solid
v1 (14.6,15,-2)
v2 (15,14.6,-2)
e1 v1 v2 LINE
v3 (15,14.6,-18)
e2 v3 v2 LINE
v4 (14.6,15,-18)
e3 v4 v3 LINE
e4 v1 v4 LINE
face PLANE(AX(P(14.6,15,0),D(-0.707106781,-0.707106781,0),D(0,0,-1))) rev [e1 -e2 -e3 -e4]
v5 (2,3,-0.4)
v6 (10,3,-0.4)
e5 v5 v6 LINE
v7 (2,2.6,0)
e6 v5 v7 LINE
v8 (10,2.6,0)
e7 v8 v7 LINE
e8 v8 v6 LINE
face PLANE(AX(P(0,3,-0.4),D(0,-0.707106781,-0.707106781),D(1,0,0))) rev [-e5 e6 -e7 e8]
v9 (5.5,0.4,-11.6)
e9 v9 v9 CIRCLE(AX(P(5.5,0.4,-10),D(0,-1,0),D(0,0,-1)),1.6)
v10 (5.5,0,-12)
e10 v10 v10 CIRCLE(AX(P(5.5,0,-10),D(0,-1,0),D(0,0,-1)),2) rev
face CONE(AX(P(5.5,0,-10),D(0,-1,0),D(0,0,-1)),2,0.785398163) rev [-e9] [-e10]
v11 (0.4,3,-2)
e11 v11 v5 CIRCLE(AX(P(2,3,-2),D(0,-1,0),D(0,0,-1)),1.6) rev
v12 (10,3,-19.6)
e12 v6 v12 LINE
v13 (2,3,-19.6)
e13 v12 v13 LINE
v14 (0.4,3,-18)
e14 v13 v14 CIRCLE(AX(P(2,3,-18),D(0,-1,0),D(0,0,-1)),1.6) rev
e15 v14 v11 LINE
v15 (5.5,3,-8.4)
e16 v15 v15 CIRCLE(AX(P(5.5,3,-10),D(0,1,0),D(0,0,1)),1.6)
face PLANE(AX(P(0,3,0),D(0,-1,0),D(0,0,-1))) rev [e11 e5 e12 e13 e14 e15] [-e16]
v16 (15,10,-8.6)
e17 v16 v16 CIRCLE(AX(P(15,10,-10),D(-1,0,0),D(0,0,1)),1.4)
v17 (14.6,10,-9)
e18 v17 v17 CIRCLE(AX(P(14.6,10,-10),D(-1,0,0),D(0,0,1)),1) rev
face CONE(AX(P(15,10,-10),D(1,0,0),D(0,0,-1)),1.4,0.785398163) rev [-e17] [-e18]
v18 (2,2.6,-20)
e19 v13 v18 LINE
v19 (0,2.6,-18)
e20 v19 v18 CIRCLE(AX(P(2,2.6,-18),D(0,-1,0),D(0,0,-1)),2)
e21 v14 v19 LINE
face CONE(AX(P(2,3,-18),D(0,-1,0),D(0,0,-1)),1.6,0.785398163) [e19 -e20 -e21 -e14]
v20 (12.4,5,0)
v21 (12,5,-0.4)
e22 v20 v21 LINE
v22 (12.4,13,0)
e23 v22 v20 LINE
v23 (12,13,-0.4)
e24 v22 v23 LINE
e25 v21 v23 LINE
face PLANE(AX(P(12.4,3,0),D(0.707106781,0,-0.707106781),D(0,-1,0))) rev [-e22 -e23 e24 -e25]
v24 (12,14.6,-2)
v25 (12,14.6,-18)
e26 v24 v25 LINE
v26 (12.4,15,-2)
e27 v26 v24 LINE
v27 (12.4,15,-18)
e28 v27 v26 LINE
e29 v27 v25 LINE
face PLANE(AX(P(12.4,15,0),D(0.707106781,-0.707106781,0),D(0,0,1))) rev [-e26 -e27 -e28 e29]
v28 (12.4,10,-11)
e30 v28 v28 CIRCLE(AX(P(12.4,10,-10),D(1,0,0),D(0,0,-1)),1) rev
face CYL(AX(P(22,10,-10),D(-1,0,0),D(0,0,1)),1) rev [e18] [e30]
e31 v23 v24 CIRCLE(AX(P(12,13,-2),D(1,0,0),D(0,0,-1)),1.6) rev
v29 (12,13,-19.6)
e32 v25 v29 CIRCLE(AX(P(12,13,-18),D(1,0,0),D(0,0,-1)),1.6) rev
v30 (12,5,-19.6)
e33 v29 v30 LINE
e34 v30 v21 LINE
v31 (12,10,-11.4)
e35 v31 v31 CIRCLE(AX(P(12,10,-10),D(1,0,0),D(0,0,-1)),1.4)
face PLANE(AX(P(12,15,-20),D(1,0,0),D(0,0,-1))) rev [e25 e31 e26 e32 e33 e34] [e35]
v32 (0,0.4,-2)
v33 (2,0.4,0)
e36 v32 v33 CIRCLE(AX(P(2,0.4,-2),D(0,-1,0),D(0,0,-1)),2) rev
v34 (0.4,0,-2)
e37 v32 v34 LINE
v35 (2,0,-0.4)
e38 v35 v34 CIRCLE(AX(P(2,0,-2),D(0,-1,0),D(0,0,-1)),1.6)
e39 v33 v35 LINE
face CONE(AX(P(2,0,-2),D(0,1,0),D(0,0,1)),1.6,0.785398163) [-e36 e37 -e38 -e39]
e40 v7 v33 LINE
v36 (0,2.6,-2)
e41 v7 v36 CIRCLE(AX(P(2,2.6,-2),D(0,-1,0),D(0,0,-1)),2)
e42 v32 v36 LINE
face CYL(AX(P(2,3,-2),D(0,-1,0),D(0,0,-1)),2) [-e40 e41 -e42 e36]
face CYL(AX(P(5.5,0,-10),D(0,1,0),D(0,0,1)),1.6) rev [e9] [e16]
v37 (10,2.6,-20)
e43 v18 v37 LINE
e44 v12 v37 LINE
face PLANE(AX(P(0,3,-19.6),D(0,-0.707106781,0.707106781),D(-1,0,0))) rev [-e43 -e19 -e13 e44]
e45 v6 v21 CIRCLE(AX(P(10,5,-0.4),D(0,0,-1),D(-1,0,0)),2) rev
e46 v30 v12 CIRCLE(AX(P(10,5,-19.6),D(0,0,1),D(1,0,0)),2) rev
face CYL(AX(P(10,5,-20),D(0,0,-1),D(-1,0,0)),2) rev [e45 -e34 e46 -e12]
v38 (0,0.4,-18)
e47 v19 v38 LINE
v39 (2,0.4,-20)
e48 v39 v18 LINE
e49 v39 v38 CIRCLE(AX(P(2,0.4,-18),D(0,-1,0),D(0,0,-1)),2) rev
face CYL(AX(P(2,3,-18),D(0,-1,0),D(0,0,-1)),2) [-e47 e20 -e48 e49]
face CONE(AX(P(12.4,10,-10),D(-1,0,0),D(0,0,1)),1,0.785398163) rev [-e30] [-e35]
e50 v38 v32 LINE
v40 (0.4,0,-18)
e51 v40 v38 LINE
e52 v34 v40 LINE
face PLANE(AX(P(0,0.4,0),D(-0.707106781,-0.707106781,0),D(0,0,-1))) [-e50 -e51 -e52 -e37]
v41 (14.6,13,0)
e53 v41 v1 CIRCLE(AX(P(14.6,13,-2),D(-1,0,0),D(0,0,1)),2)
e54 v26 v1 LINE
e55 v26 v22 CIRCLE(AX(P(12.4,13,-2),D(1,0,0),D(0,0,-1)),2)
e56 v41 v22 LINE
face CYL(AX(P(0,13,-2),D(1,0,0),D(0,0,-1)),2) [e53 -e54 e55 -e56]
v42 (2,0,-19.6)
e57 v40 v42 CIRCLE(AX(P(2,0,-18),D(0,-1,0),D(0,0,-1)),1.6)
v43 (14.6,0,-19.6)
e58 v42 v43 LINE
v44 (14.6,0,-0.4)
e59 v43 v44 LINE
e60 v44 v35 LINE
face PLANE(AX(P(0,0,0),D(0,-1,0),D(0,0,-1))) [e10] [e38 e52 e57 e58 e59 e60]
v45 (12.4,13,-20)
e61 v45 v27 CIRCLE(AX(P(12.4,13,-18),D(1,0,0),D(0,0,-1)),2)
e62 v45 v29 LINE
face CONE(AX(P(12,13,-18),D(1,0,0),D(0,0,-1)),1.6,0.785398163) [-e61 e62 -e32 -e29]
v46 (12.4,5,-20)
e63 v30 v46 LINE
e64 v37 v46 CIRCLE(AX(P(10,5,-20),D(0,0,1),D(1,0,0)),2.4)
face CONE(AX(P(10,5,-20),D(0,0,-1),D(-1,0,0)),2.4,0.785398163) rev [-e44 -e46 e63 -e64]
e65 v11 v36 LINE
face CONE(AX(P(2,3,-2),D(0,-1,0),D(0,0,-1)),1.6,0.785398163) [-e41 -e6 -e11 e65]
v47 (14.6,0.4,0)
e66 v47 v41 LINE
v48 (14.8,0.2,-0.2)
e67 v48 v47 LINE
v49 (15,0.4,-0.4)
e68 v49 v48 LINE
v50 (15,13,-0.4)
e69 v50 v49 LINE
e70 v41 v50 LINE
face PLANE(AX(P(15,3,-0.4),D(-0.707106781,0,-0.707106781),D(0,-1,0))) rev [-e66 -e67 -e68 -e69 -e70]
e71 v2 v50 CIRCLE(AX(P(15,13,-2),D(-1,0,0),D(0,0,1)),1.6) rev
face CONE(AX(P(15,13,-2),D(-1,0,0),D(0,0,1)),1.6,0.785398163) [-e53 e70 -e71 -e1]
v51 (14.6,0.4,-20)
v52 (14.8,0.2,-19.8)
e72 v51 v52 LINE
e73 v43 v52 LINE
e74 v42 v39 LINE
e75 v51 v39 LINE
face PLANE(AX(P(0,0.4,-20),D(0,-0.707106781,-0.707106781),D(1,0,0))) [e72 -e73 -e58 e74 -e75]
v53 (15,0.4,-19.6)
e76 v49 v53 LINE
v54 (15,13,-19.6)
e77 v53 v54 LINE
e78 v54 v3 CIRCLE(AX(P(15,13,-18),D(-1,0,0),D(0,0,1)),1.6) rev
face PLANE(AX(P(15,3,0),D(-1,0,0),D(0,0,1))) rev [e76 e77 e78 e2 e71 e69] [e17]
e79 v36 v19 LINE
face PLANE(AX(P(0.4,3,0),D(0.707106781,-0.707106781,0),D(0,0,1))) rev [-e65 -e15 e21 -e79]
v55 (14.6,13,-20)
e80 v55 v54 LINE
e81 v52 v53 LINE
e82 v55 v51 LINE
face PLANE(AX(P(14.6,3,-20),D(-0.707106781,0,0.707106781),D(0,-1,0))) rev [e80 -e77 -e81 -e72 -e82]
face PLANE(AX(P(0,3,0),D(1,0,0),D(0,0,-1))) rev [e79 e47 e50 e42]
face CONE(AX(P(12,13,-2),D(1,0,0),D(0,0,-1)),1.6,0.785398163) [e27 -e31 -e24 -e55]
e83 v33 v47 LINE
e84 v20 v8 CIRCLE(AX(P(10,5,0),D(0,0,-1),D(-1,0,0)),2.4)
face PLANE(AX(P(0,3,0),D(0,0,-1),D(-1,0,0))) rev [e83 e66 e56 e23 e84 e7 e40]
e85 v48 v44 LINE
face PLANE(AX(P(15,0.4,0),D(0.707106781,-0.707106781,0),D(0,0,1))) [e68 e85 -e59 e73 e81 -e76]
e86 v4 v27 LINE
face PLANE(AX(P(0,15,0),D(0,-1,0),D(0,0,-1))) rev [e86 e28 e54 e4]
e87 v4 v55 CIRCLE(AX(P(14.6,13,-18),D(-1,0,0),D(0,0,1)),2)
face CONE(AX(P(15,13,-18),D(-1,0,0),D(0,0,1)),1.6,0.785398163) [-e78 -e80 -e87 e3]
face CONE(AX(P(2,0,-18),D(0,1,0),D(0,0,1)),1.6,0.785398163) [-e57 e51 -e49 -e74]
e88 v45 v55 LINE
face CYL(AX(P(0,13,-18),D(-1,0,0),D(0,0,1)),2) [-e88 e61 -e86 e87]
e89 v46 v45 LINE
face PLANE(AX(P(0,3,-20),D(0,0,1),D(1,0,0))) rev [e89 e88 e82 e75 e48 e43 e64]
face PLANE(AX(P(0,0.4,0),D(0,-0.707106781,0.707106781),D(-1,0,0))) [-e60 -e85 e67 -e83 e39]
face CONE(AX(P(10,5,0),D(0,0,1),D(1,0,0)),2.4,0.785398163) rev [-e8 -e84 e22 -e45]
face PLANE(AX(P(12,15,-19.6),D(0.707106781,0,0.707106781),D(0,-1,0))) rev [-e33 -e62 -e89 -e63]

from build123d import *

# Parameters (mm, degrees)
SKETCH_1_W          = 15
SKETCH_1_H          = 20
EXTRUDE_1_DEPTH     = 3
SKETCH_2_R          = 1.6
CUT_EXTRUDE_1_DEPTH = 3
SKETCH_3_W          = 3
SKETCH_3_H          = 20
EXTRUDE_2_DEPTH     = 12
FILLET_1_R          = 2
SKETCH_4_R          = 1
CUT_EXTRUDE_2_DEPTH = 10
FILLET_2_R          = 2
CHAMFER_1_SIZE      = 0.4
CHAMFER_2_SIZE      = 0.4
CHAMFER_3_SIZE      = 0.4


with BuildPart() as part:
    # 草图1 → 凸台-拉伸1 (new body)
    with BuildSketch(Plane(origin=(0, 0, 0), x_dir=(1, 0, 0), z_dir=(0, 1, 0))):
        with Locations((7.5, 10)):
            Rectangle(SKETCH_1_W, SKETCH_1_H)
    extrude(amount=EXTRUDE_1_DEPTH)

    # 草图2 → 切除-拉伸1 (cut)
    with BuildSketch(Plane(origin=(0, 3, 0), x_dir=(1, 0, 0), z_dir=(0, 1, 0))):
        with Locations(Location((5.5, 10, 0), (0, 0, 270))):
            Circle(SKETCH_2_R)
    extrude(amount=-CUT_EXTRUDE_1_DEPTH, mode=Mode.SUBTRACT)

    # 草图3 → 凸台-拉伸2 (add)
    with BuildSketch(Plane(origin=(0, 3, 0), x_dir=(1, 0, 0), z_dir=(0, 1, 0))):
        with Locations((13.5, 10)):
            Rectangle(SKETCH_3_W, SKETCH_3_H)
    extrude(amount=EXTRUDE_2_DEPTH)

    # 圆角1
    fillet_1_edges = [part.edges().sort_by_distance(p)[0] for p in [
        (12, 3, -10),
    ]]
    fillet(fillet_1_edges, radius=FILLET_1_R)

    # 草图4 → 切除-拉伸2 (cut)
    with BuildSketch(Plane.ZY.offset(-12)):
        with Locations((-10, 10)):
            Circle(SKETCH_4_R)
    extrude(amount=-CUT_EXTRUDE_2_DEPTH, mode=Mode.SUBTRACT)

    # 圆角2
    fillet_2_edges = [part.edges().sort_by_distance(p)[0] for p in [
        (13.5, 15, -20),
        (13.5, 15, 0),
        (0, 1.5, -20),
        (0, 1.5, 0),
    ]]
    fillet(fillet_2_edges, radius=FILLET_2_R)

    # 倒角1
    chamfer_1_edges = [part.edges().sort_by_distance(p)[0] for p in [
        (5.5, 0, -11.6),
        (8.5, 0, -20),
        (8.5, 0, 0),
        (15, 0, -10),
        (0, 0, -10),
        (0.585786438, 0, -19.414213562),
        (0.585786438, 0, -0.585786438),
    ]]
    chamfer(chamfer_1_edges, length=CHAMFER_1_SIZE)

    # 倒角2
    chamfer_2_edges = [part.edges().sort_by_distance(p)[0] for p in [
        (15, 15, -10),
        (15, 6.7, -20),
        (15, 6.7, 0),
        (15, 14.414213562, -0.585786438),
        (15, 14.414213562, -19.414213562),
    ]]
    chamfer(chamfer_2_edges, length=CHAMFER_2_SIZE)

    # 倒角3
    chamfer_3_edges = [part.edges().sort_by_distance(p)[0] for p in [
        (6, 3, -20),
        (11.414213562, 3.585786438, 0),
        (11.414213562, 3.585786438, -20),
        (15, 10, -11),
        (12, 10, -11),
        (12, 15, -10),
        (12, 9, -20),
        (12, 9, 0),
        (12, 14.414213562, -0.585786438),
        (12, 14.414213562, -19.414213562),
        (6, 3, 0),
        (0, 3, -10),
        (0.585786438, 3, -19.414213562),
        (0.585786438, 3, -0.585786438),
    ]]
    chamfer(chamfer_3_edges, length=CHAMFER_3_SIZE)


solid = part.part
